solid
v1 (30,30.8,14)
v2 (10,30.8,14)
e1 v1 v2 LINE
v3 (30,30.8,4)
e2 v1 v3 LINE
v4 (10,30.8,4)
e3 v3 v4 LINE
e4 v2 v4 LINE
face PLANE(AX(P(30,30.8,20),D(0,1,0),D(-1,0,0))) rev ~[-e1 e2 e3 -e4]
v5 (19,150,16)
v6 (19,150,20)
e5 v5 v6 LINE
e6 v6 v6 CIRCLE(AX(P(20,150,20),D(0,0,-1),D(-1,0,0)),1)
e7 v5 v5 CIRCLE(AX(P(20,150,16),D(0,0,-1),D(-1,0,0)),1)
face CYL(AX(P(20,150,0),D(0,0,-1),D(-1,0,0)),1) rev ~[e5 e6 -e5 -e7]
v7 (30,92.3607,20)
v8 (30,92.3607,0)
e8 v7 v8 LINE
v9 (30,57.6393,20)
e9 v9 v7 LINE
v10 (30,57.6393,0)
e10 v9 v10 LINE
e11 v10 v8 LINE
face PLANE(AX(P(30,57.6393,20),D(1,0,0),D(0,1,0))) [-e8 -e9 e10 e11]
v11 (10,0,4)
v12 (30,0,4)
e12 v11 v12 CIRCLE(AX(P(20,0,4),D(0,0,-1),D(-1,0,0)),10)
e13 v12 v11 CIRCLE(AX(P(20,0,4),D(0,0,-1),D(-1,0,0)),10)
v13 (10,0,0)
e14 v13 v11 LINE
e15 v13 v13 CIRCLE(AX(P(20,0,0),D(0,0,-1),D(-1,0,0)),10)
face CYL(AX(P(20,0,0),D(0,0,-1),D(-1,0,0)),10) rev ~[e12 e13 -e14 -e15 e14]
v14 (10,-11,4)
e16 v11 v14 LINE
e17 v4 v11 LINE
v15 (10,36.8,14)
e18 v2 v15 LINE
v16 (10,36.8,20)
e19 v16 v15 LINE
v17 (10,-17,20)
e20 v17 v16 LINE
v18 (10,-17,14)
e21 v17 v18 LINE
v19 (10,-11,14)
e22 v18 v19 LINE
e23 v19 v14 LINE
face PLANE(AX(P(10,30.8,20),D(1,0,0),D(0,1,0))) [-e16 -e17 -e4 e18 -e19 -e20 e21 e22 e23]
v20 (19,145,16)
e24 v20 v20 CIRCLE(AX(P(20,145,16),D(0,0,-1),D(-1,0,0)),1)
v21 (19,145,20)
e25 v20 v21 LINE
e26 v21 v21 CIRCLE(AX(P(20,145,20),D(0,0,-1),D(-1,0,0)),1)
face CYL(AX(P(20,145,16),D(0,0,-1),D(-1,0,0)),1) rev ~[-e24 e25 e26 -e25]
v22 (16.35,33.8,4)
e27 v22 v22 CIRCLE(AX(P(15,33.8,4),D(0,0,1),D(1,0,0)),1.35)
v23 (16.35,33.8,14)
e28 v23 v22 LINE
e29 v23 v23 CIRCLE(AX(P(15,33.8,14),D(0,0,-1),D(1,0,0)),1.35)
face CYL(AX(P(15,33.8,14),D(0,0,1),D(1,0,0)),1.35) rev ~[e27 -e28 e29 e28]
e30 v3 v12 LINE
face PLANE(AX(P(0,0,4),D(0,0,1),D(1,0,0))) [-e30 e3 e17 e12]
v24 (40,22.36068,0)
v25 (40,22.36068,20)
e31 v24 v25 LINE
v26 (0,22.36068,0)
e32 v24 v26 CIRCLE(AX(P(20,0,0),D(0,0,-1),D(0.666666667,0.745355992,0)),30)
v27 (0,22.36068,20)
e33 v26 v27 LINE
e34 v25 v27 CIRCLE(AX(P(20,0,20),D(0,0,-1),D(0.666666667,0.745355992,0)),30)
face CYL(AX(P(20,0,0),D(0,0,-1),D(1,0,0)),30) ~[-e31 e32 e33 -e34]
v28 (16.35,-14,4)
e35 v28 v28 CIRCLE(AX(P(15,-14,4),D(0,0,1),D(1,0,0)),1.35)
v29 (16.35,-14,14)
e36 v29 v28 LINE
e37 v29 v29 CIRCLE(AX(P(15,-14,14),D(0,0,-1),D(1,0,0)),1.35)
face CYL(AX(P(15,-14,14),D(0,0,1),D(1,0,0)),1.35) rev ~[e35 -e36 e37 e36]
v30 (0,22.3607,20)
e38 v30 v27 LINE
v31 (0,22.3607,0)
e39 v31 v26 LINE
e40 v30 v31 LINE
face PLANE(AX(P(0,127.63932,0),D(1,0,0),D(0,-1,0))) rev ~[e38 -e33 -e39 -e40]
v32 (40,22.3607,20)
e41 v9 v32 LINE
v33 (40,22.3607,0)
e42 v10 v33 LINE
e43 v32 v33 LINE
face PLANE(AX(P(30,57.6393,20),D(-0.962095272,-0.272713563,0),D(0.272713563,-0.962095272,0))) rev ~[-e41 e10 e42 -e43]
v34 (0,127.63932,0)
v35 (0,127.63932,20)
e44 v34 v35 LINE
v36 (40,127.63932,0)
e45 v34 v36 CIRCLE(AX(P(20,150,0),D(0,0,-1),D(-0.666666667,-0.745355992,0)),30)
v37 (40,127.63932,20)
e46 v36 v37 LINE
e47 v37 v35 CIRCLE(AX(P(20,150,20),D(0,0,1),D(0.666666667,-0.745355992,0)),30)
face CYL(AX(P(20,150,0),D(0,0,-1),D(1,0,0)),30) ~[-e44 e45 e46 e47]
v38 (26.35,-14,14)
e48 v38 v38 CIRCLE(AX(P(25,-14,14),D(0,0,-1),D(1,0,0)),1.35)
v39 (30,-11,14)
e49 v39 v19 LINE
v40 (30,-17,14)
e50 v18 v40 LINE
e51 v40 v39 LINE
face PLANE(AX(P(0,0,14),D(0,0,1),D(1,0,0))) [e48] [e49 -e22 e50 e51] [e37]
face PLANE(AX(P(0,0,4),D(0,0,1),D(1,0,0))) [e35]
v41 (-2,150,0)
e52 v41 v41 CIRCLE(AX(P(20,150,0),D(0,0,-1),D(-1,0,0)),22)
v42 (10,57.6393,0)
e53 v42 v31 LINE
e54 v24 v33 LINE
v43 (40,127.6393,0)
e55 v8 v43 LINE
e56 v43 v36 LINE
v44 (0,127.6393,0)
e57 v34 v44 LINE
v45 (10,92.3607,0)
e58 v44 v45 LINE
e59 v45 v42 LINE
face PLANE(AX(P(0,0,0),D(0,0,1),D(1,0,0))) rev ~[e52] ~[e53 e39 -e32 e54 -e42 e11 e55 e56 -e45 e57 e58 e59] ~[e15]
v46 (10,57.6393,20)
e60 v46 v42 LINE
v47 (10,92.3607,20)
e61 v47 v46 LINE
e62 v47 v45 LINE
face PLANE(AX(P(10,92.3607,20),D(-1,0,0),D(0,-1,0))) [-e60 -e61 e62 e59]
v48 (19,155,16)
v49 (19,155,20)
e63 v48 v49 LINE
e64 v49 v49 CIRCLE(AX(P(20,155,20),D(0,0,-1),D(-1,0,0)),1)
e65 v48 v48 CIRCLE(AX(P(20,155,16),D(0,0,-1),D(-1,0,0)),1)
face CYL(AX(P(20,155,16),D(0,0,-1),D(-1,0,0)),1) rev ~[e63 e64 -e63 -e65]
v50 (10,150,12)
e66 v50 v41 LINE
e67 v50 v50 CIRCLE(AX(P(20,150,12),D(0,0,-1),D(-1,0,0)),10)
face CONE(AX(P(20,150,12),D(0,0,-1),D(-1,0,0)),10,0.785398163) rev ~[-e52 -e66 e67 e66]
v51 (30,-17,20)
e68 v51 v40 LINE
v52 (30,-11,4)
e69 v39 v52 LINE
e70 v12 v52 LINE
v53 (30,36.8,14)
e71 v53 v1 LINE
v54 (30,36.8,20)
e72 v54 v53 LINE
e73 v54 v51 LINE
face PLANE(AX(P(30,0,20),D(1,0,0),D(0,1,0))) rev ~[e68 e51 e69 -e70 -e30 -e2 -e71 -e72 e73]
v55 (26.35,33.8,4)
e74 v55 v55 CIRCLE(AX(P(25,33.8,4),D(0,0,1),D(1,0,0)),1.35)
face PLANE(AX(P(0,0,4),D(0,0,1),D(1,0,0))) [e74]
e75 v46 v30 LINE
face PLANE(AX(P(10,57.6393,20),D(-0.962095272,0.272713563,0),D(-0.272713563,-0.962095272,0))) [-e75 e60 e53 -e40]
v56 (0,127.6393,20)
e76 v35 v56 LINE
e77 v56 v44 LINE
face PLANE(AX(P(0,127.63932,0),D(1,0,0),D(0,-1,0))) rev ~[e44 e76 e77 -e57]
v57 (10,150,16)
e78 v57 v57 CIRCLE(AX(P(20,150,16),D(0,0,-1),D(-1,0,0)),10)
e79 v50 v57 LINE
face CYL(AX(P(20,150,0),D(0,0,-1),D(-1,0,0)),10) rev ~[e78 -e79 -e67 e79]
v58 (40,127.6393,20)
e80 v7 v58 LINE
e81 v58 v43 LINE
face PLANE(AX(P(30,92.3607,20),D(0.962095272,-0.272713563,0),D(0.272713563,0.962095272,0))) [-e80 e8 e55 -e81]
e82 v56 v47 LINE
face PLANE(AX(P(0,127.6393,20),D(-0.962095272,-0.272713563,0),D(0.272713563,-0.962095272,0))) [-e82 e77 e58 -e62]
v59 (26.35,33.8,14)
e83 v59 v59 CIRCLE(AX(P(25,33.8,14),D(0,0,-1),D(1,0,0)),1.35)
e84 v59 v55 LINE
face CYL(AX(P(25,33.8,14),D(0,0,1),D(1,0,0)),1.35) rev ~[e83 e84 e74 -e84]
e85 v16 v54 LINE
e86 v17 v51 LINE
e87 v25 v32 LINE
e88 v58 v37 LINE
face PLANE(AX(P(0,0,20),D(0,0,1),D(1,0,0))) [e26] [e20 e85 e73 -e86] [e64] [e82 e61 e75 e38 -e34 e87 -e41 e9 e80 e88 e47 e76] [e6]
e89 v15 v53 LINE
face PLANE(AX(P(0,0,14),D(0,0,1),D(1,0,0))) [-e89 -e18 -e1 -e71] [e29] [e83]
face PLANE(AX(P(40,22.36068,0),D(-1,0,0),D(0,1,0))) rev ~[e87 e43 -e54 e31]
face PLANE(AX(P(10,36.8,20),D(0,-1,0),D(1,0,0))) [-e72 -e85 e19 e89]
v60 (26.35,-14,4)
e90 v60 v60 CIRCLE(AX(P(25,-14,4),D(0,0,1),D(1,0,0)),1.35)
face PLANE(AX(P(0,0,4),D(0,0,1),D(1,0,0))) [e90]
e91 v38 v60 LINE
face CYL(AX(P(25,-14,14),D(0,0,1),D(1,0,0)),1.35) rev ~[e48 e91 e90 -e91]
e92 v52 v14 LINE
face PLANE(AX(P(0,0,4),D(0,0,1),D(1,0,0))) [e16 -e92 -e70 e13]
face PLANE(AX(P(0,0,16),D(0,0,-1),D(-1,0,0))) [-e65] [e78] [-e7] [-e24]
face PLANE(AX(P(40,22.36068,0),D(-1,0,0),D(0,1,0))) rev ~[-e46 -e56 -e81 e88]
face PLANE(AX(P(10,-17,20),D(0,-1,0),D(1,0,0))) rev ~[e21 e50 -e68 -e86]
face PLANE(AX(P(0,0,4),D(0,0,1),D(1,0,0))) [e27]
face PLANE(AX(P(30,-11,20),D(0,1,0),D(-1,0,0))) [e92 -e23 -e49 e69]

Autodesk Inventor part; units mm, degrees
ref_plane "YZ Plane" through (0, 0, 0) normal (1, 0, 0) x (0, 1, 0)
ref_plane "XZ Plane" through (0, 0, 0) normal (0, 1, 0) x (-1, 0, 0)
ref_plane "XY Plane" through (0, 0, 0) normal (0, 0, 1) x (1, 0, 0)
sketch "Sketch1" plane through (0, 0, 0) normal (0, 0, 1) x (1, 0, 0)
  line L0 (0, 0) -> (40, 0)
  line L1 (40, 0) -> (40, 150)
  line L2 (40, 150) -> (0, 150)
  line L3 (0, 150) -> (0, 0)
  circle A0 centre (20, 0) radius 30
  circle A1 centre (20, 150) radius 30
  point P0 (0, 22.3607)
  point P1 (40, 22.3607)
  point P2 (40, 127.6393)
  point P3 (0, 127.6393)
  dimension "d0" = 40
  dimension "d1" = 150
  dimension "d2" = 60
  dimension "d3" = 60
extrude "Extrusion1" add sketch "Sketch1" along normal blind 20
sketch "Sketch2" plane through (0, 0, 20) normal (0, 0, 1) x (1, 0, 0)
  line L0 (10, 0) -> (30, 0)
  line L1 (30, 0) -> (30, -17)
  line L2 (30, -17) -> (10, -17)
  line L3 (10, -17) -> (10, 0)
  line L4 (10, 0) -> (30, 0)
  line L5 (30, 0) -> (30, 36.8)
  line L6 (30, 36.8) -> (10, 36.8)
  line L7 (10, 36.8) -> (10, 0)
  line L8 (10, 36.8) -> (30, 36.8)
  line L9 (30, 36.8) -> (30, 30.8)
  line L10 (30, 30.8) -> (10, 30.8)
  line L11 (10, 30.8) -> (10, 36.8)
  line L12 (10, -17) -> (30, -17)
  line L13 (30, -17) -> (30, -11)
  line L14 (30, -11) -> (10, -11)
  line L15 (10, -11) -> (10, -17)
  line L16 (10, 36.8) -> (30, 36.8)
  line L17 (30, 36.8) -> (30, 33.8)
  line L18 (30, 33.8) -> (10, 33.8)
  line L19 (10, 33.8) -> (10, 36.8)
  line L20 (10, -17) -> (30, -17)
  line L21 (30, -17) -> (30, -14)
  line L22 (30, -14) -> (10, -14)
  line L23 (10, -14) -> (10, -17)
  point P0 (0, 0)
  dimension "d6" = 20
  dimension "d7" = 17
  dimension "d8" = 36.8
  dimension "d9" = 6
  dimension "d10" = 6
  dimension "d11" = 3
extrude "Extrusion2" cut sketch "Sketch2" against normal blind 16 contours L7 L10 L5 L0 | L0 L1 L14 L3
sketch "Sketch3" plane through (0, 0, 0) normal (0, 0, -1) x (-1, 0, 0)
  circle A0 centre (-20, 0) radius 10
  point P0 (0, 0)
  dimension "d14" = 20
extrude "Extrusion3" cut sketch "Sketch3" against normal blind 69.725
sketch "Sketch4" plane through (0, 0, 20) normal (0, 0, 1) x (1, 0, 0)
  line L0 (30, -11) -> (10, -11)
  line L1 (10, -11) -> (10, -17)
  line L2 (10, -17) -> (30, -17)
  line L3 (30, -17) -> (30, -11)
  line L4 (30, 30.8) -> (30, 0) projected
  line L5 (30, 30.8) -> (10, 30.8)
  line L6 (10, 30.8) -> (10, 36.8)
  line L7 (10, 36.8) -> (30, 36.8)
  line L8 (30, 36.8) -> (30, 30.8)
  line L9 (30, -17) -> (10, -17)
  line L10 (10, -17) -> (10, -14)
  line L11 (10, -14) -> (30, -14)
  line L12 (30, -14) -> (30, -17)
  point P0 (0, 0)
  dimension "d17" = 6
  dimension "d18" = 6
extrude "Extrusion4" cut sketch "Sketch4" against normal blind 6
sketch "Sketch5" plane through (0, 0, 14) normal (0, 0, 1) x (1, 0, 0)
  line L0 (30, 36.8) -> (30, -17) projected
  line L1 (10, -17) -> (10, 36.8) projected
  line L2 (30, -17) -> (10, -17)
  line L3 (10, -17) -> (10, -14)
  line L4 (10, -14) -> (30, -14)
  line L5 (30, -14) -> (30, -17)
  line L6 (20, -14) -> (15, -14)
  line L7 (15, -14) -> (15, -13.2117)
  line L8 (15, -13.2117) -> (20, -13.2117)
  line L9 (20, -13.2117) -> (20, -14)
  line L10 (20, -14) -> (25, -14)
  line L11 (25, -14) -> (25, -13.2117)
  line L12 (25, -13.2117) -> (20, -13.2117)
  line L13 (20, -13.2117) -> (20, -14)
  circle A0 centre (25, -14) radius 1.35
  circle A1 centre (15, -14) radius 1.35
  line L14 (10, 36.8) -> (30, 36.8) projected
  line L15 (10, 30.8) -> (10, 36.8) projected
  line L16 (30, 36.8) -> (10, 36.8)
  line L17 (10, 36.8) -> (10, 33.8)
  line L18 (10, 33.8) -> (30, 33.8)
  line L19 (30, 33.8) -> (30, 36.8)
  line L20 (20, 33.8) -> (25, 33.8)
  line L21 (25, 33.8) -> (25, 32.7882)
  line L22 (25, 32.7882) -> (20, 32.7882)
  line L23 (20, 32.7882) -> (20, 33.8)
  line L24 (20, 33.8) -> (15, 33.8)
  line L25 (15, 33.8) -> (15, 32.7882)
  line L26 (15, 32.7882) -> (20, 32.7882)
  line L27 (20, 32.7882) -> (20, 33.8)
  circle A2 centre (25, 33.8) radius 1.35
  circle A3 centre (15, 33.8) radius 1.35
  point P0 (0, 0)
  dimension "d21" = 3
  dimension "d22" = 5
  dimension "d23" = 5
  dimension "d24" = 2.7
  dimension "d25" = 2.7
  dimension "d26" = 3
  dimension "d27" = 2.7
  dimension "d28" = 2.7
extrude "Extrusion5" cut sketch "Sketch5" against normal blind 10 contours A2 L22 L21 L18 | L18 A2 | A0 L4 | L4 L11 L12 A0 | L21 L22 A2 L18 | A3 L18 | L18 L25 L26 A3 | L4 A0 L12 L11 | L18 A3 L26 L25 | A1 L8 L7 L4 | L4 A1 | A1 L4 L7 L8
thread "Thread1" size "M3x0.5" class "6H" standard "ANSI Metric M Profile" full length
thread "Thread2" size "M3x0.5" class "6H" standard "ANSI Metric M Profile" full length
thread "Thread3" size "M3x0.5" class "6H" standard "ANSI Metric M Profile" full length
thread "Thread4" size "M3x0.5" class "6H" standard "ANSI Metric M Profile" full length
sketch "Sketch6" plane through (0, 0, 0) normal (0, 0, -1) x (-1, 0, 0)
  line L0 (0, 0) -> (-20, 0)
  line L1 (-20, 0) -> (-20, 150)
  line L2 (-20, 150) -> (0, 150)
  line L3 (0, 150) -> (0, 0)
  circle A0 centre (-20, 150) radius 10
  circle A1 centre (-25, 150) radius 1
  circle A2 centre (-15, 150) radius 1
  circle A3 centre (-20, 150) radius 1
  dimension "d39" = 20
  dimension "d40" = 150
  dimension "d41" = 20
  dimension "d42" = 2
  dimension "d43" = 2
  dimension "d44" = 2
extrude "Extrusion6" cut sketch "Sketch6" against normal blind 39.2125 contours A3 L2 L1 | L1 L2 A3 | A2 L2 | L2 A2 | A1
sketch "Sketch7" plane through (0, 0, 20) normal (0, 0, 1) x (1, 0, 0)
  circle A0 centre (20, 150) radius 10
  point P0 (0, 0)
  dimension "d47" = 20
extrude "Extrusion7" cut sketch "Sketch7" against normal blind 16
sketch "Sketch8" plane through (0, 0, 20) normal (0, 0, 1) x (1, 0, 0)
  line L0 (40, 22.3607) -> (40, 127.6393) projected
  line L1 (0, 127.6393) -> (40, 127.6393)
  line L2 (40, 127.6393) -> (40, 22.3607)
  line L3 (40, 22.3607) -> (0, 22.3607)
  line L4 (0, 22.3607) -> (0, 127.6393)
  line L5 (10, 0) -> (10, 30.8) projected
  line L6 (10, 22.3607) -> (30, 22.3607)
  line L7 (30, 22.3607) -> (30, 92.3607)
  line L8 (30, 92.3607) -> (10, 92.3607)
  line L9 (10, 92.3607) -> (10, 22.3607)
  line L10 (10, 127.6393) -> (30, 127.6393)
  line L11 (30, 127.6393) -> (30, 57.6393)
  line L12 (30, 57.6393) -> (10, 57.6393)
  line L13 (10, 57.6393) -> (10, 127.6393)
  line L14 (0, 127.6393) -> (10, 92.3607)
  line L15 (30, 92.3607) -> (40, 127.6393)
  line L16 (0, 127.6393) -> (0, 22.3607) projected
  line L17 (10, 57.6393) -> (0, 22.3607)
  line L18 (30, 57.6393) -> (40, 22.3607)
  point P0 (0, 0)
  dimension "d53" = 20
  dimension "d54" = 70
  dimension "d55" = 70
extrude "Extrusion8" cut sketch "Sketch8" against normal blind 56.675 contours L18 L7 L15 L0 | L17 L4 L14 L9
sketch "Sketch9" plane through (0, 0, 20) normal (0, 0, 1) x (1, 0, 0)
  circle A0 centre (20, 150) radius 10 projected
  circle A1 centre (20, 150) radius 10
  point P0 (0, 0)
extrude "Extrusion9" add sketch "Sketch9" against normal blind 16
sketch "Sketch10" plane through (0, 0, 0) normal (0, 0, -1) x (-1, 0, 0)
  circle A0 centre (-20, 150) radius 1 projected
  circle A1 centre (-20, 150) radius 10
  point P0 (0, 0)
  dimension "d60" = 20
extrude "Extrusion10" cut sketch "Sketch10" against normal blind 16
sketch "Sketch11" plane through (0, 0, 0) normal (0, 0, -1) x (-1, 0, 0)
  circle A0 centre (-20, 150) radius 1
  point P0 (0, 0)
extrude "Extrusion11" add sketch "Sketch11" against normal blind 20
sketch "Sketch12" plane through (20, 150, 0) normal (0, 0, -1) x (-1, 0, 0)
  circle A0 centre (0, 0) radius 1
  point P0 (20, -150)
extrude "Extrusion12" cut sketch "Sketch12" against normal blind 49.85
sketch "Sketch13" plane through (20, 150, 16) normal (0, 0, -1) x (-1, 0, 0)
  circle A0 centre (0, -5) radius 1
  circle A1 centre (0, 5) radius 1
  point P0 (20, -150)
  dimension "d67" = 2
  dimension "d68" = 2
extrude "Extrusion13" cut sketch "Sketch13" against normal blind 42.225
chamfer "Chamfer2" distance 12 angle 45 1 edges at (30, 150, 0)
properties part number "1stArm"
